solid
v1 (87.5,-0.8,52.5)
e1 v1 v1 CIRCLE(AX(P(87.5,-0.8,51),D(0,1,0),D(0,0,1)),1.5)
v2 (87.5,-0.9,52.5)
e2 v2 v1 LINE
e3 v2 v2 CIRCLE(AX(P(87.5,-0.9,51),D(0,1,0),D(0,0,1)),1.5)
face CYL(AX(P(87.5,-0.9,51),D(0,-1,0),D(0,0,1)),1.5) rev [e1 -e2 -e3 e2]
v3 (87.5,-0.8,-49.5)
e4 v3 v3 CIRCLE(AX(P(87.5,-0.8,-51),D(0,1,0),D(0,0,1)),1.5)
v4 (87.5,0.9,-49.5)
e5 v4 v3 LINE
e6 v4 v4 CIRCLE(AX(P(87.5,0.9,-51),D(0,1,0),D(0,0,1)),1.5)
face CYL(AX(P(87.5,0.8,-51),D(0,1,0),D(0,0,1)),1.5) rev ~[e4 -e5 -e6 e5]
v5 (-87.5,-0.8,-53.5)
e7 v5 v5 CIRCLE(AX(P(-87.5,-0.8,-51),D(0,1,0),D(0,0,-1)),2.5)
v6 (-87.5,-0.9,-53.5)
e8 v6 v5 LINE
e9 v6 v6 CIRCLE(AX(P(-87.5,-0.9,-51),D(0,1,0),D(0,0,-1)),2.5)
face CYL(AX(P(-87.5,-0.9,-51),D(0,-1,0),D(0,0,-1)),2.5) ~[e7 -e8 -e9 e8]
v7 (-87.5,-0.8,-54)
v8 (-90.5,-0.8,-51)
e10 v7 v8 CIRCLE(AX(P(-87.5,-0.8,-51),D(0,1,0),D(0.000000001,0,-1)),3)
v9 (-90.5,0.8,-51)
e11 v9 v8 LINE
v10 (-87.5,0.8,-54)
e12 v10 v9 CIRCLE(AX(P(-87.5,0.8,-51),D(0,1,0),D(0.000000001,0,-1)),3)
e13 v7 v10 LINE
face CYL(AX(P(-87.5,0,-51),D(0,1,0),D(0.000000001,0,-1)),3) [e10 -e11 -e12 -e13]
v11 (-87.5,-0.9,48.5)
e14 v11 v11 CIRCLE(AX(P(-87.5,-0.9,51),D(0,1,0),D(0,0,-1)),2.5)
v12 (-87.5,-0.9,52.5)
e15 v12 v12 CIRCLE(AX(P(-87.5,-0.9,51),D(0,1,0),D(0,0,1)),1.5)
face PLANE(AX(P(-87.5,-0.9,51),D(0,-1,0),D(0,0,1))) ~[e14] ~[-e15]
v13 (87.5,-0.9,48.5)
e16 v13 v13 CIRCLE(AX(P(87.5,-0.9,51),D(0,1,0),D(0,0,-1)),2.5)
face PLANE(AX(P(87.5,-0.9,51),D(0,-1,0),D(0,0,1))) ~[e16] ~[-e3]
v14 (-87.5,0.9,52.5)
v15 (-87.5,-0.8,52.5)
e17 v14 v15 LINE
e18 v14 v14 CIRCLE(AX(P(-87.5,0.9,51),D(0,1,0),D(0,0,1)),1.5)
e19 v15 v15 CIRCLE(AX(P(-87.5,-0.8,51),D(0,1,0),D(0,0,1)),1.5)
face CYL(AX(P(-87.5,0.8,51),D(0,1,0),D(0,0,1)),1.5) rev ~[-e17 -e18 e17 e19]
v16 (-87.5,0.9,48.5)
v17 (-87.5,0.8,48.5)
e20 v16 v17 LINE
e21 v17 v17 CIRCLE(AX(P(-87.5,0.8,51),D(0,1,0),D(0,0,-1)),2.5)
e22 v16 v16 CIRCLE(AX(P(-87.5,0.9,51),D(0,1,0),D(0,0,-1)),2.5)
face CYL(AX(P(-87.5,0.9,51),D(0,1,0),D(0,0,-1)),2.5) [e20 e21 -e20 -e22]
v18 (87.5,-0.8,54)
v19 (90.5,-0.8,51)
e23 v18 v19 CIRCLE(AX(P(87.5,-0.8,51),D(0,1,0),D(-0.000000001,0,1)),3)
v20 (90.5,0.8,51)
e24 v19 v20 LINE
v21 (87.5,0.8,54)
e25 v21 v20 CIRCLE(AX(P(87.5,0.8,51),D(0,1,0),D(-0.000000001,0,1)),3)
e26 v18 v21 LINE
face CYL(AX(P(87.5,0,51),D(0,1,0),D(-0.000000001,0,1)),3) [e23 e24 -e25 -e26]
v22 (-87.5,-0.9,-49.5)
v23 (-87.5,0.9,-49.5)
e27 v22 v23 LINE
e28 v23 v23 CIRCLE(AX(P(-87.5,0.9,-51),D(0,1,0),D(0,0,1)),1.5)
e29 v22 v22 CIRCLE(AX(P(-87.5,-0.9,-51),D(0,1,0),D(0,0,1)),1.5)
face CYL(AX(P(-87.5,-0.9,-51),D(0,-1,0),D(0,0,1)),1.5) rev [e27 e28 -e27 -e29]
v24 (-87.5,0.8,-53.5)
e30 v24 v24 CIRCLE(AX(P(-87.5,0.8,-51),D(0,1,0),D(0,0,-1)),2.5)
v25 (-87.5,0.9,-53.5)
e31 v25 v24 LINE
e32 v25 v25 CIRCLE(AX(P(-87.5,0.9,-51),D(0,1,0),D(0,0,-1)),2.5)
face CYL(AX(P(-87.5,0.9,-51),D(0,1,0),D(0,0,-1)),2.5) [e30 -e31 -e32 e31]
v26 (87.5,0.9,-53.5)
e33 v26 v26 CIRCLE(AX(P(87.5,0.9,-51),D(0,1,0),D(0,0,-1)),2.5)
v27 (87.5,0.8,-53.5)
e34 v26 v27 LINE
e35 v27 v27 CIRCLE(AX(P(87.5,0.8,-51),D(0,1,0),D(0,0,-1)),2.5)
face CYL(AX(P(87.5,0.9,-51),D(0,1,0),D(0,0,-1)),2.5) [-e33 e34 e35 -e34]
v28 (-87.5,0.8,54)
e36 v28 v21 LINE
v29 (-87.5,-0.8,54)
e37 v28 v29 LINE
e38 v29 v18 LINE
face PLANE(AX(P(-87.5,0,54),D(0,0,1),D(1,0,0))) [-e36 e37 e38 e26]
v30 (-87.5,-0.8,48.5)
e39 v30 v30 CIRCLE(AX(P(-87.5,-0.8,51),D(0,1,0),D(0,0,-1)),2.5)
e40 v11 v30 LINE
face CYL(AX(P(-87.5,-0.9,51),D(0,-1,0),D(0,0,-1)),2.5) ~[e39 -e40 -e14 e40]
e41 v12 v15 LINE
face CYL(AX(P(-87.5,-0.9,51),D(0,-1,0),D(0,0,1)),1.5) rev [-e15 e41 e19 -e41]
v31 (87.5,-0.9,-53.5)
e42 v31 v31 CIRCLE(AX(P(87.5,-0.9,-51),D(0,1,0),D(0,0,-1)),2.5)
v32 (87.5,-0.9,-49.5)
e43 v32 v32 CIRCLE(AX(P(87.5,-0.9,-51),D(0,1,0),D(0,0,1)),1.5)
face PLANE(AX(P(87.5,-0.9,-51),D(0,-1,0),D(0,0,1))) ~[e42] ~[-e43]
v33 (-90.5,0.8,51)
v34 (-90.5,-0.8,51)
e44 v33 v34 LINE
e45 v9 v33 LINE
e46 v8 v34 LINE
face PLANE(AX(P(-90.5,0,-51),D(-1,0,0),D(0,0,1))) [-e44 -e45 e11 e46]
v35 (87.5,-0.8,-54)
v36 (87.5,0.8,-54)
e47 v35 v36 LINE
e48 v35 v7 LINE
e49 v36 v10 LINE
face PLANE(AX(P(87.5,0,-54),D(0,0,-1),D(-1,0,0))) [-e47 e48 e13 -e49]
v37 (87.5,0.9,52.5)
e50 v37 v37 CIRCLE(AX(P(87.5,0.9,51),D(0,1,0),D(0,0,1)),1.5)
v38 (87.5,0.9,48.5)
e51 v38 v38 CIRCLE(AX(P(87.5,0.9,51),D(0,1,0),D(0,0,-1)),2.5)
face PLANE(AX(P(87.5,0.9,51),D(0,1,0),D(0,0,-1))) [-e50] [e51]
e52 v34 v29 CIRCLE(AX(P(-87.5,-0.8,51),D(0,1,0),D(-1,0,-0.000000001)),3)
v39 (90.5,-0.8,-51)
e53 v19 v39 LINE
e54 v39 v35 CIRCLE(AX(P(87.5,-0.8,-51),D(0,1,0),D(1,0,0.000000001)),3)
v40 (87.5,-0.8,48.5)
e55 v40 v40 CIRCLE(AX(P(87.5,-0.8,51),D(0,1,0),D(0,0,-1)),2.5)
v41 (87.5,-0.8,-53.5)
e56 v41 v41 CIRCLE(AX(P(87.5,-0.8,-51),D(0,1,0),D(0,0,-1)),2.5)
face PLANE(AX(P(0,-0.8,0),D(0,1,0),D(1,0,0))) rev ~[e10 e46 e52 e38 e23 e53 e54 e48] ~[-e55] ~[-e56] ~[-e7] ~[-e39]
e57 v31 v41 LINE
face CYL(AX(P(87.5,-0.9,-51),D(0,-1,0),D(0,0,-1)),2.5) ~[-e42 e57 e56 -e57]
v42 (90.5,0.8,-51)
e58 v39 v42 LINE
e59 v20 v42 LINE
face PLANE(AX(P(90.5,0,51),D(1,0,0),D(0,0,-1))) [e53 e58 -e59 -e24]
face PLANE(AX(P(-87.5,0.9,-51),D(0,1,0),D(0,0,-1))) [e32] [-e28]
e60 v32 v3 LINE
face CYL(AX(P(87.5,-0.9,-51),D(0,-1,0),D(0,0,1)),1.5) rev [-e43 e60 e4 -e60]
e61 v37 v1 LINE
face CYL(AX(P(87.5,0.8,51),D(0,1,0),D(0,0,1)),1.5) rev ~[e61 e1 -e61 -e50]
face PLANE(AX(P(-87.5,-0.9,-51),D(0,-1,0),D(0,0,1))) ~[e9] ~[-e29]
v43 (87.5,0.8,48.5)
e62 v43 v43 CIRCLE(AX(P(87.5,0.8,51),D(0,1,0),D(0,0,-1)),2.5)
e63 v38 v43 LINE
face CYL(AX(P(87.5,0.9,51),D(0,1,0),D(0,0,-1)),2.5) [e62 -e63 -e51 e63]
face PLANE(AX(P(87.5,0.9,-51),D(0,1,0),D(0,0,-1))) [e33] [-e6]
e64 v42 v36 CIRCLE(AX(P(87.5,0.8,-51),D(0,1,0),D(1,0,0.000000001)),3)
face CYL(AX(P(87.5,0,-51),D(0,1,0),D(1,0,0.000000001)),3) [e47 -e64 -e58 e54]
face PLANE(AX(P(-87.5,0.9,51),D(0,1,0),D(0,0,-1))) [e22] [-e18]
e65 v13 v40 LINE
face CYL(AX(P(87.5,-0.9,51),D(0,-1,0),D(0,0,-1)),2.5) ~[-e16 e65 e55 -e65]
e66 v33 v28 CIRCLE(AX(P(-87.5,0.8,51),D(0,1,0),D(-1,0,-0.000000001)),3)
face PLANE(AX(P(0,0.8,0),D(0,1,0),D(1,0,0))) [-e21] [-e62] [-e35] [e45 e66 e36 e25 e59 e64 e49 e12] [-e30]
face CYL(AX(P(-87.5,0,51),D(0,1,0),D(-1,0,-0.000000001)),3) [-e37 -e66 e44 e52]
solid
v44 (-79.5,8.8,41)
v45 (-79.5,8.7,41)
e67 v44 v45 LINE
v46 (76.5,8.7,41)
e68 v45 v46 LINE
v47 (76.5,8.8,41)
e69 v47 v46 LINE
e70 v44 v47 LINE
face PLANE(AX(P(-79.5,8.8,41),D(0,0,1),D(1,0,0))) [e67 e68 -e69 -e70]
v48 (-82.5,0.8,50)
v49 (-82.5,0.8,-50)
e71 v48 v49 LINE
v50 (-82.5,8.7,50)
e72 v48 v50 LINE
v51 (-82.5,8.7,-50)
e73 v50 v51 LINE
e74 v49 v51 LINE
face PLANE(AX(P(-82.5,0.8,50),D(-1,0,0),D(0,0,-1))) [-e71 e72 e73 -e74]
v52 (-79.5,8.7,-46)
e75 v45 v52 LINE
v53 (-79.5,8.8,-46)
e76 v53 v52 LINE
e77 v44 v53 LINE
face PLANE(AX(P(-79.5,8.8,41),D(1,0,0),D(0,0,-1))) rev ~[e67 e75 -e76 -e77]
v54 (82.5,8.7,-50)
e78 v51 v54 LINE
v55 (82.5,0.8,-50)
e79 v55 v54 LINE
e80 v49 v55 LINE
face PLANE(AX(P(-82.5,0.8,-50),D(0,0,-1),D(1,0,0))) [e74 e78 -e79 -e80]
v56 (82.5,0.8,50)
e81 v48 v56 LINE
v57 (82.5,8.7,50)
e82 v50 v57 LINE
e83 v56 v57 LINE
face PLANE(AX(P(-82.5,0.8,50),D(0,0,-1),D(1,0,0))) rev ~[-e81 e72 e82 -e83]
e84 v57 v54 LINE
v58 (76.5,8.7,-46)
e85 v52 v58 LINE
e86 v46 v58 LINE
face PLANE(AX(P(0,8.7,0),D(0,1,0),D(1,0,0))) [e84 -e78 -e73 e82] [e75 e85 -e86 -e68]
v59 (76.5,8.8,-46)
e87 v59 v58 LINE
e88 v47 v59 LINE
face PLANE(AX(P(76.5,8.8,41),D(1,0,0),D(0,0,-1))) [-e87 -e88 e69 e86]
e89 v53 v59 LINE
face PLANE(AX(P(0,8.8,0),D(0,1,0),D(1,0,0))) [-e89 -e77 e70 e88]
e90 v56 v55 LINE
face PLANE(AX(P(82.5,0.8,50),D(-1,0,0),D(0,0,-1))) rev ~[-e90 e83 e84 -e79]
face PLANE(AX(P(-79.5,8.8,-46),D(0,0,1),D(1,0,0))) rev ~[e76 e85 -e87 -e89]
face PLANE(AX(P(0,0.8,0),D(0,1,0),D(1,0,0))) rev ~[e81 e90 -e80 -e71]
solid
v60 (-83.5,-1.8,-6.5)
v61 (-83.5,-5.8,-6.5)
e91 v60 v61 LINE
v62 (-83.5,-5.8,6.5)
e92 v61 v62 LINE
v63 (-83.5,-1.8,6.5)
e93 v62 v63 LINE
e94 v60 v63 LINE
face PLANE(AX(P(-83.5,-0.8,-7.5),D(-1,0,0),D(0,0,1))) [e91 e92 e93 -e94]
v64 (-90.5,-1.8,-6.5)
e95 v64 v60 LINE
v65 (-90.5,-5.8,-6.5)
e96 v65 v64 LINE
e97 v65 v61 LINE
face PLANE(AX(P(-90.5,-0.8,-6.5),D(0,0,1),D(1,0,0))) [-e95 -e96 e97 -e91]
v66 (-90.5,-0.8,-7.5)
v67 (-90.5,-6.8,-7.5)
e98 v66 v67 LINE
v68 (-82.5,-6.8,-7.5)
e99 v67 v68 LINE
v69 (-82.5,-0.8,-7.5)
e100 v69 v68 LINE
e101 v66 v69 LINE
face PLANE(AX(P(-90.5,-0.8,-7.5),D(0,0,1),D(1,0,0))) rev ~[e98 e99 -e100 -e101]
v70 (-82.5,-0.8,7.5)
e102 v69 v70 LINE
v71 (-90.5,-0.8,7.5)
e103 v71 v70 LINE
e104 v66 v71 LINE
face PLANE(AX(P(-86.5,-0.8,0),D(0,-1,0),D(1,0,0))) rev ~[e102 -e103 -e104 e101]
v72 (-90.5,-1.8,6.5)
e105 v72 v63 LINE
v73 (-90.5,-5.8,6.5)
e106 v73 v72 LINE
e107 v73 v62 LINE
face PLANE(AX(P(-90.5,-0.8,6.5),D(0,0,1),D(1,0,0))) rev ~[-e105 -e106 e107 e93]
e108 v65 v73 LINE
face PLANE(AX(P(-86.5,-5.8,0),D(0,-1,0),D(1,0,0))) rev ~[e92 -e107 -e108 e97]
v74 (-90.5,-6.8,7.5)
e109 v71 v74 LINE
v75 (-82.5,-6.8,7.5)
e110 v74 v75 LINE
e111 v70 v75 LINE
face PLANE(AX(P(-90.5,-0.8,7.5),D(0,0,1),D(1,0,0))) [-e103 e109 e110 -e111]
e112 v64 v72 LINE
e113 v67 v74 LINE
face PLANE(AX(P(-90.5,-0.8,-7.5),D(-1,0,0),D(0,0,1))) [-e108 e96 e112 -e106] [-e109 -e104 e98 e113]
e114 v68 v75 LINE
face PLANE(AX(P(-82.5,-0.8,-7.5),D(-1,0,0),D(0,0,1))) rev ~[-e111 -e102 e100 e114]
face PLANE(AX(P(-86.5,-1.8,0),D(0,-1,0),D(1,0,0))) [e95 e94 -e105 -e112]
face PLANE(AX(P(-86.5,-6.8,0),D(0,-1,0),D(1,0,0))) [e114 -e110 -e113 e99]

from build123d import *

# Parameters (mm, degrees)
BOSS_EXTRUDE1_DEPTH = 0.8
SKETCH2_R           = 1.5
CUT_EXTRUDE1_DEPTH  = 106.398339645
BOSS_EXTRUDE2_START = 0.1
SKETCH3_R           = 2.5
SKETCH3_R_2         = 1.5
BOSS_EXTRUDE2_DEPTH = 0.1
SKETCH4_W           = 165
SKETCH4_H           = 100
BOSS_EXTRUDE3_DEPTH = 8
SKETCH5_OUTSIDE_W   = 225.2
SKETCH5_OUTSIDE_H   = 152.2
SKETCH5_OUTSIDE_W_2 = 156
SKETCH5_OUTSIDE_H_2 = 87
CUT_EXTRUDE2_DEPTH  = 0.1
SKETCH6_W           = 8
SKETCH6_H           = 15
BOSS_EXTRUDE4_DEPTH = 6
SHELL1_T            = -1


with BuildPart() as part:
    # Sketch1 → Boss-Extrude1 (new, symmetric)
    with BuildSketch(Plane(origin=(0, 0, 0), x_dir=(1, 0, 0), z_dir=(0, 1, 0))):
        with BuildLine():
            Line((-87.5, -54), (87.5, -54))
            ThreePointArc((87.5, -54), (89.621320344, -53.121320344), (90.5, -51))
            Line((90.5, -51), (90.5, 51))
            ThreePointArc((90.5, 51), (89.621320344, 53.121320344), (87.5, 54))
            Line((87.5, 54), (-87.5, 54))
            ThreePointArc((-87.5, 54), (-89.621320344, 53.121320344), (-90.5, 51))
            Line((-90.5, 51), (-90.5, -51))
            ThreePointArc((-90.5, -51), (-89.621320344, -53.121320344), (-87.5, -54))
        make_face()
    extrude(amount=BOSS_EXTRUDE1_DEPTH, both=True)

    # Sketch2 → Cut-Extrude1 (cut, through all)
    with BuildSketch(Plane(origin=(0, 0.8, 0), x_dir=(1, 0, 0), z_dir=(0, 1, 0))):
        with Locations(Location((-87.5, 51, 0), (0, 0, 270))):
            Circle(SKETCH2_R)
        with Locations(Location((-87.5, -51, 0), (0, 0, 270))):
            Circle(SKETCH2_R)
        with Locations(Location((87.5, -51, 0), (0, 0, 270))):
            Circle(SKETCH2_R)
        with Locations(Location((87.5, 51, 0), (0, 0, 270))):
            Circle(SKETCH2_R)
    extrude(amount=-CUT_EXTRUDE1_DEPTH, mode=Mode.SUBTRACT)

    # Sketch3 → Boss-Extrude2 (add)
    # profile 1 of 4: a face of its own
    with BuildSketch(Plane(origin=(0, 0.8, 0), x_dir=(1, 0, 0), z_dir=(0, 1, 0)).offset(BOSS_EXTRUDE2_START)):
        with Locations(Location((-87.5, 51, 0), (0, 0, 90))):
            Circle(SKETCH3_R)
        with Locations(Location((-87.5, 51, 0), (0, 0, 270))):
            Circle(SKETCH3_R_2, mode=Mode.SUBTRACT)
    # profile 2 of 4: a face of its own
    with BuildSketch(Plane(origin=(0, 0.8, 0), x_dir=(1, 0, 0), z_dir=(0, 1, 0)).offset(BOSS_EXTRUDE2_START)):
        with Locations(Location((87.5, 51, 0), (0, 0, 90))):
            Circle(SKETCH3_R)
        with Locations(Location((87.5, 51, 0), (0, 0, 270))):
            Circle(SKETCH3_R_2, mode=Mode.SUBTRACT)
    # profile 3 of 4: a face of its own
    with BuildSketch(Plane(origin=(0, 0.8, 0), x_dir=(1, 0, 0), z_dir=(0, 1, 0)).offset(BOSS_EXTRUDE2_START)):
        with Locations(Location((87.5, -51, 0), (0, 0, 90))):
            Circle(SKETCH3_R)
        with Locations(Location((87.5, -51, 0), (0, 0, 270))):
            Circle(SKETCH3_R_2, mode=Mode.SUBTRACT)
    # profile 4 of 4: a face of its own
    with BuildSketch(Plane(origin=(0, 0.8, 0), x_dir=(1, 0, 0), z_dir=(0, 1, 0)).offset(BOSS_EXTRUDE2_START)):
        with Locations(Location((-87.5, -51, 0), (0, 0, 90))):
            Circle(SKETCH3_R)
        with Locations(Location((-87.5, -51, 0), (0, 0, 270))):
            Circle(SKETCH3_R_2, mode=Mode.SUBTRACT)
    boss_extrude2 = extrude(amount=-BOSS_EXTRUDE2_DEPTH)

    # Mirror1: Boss-Extrude2 across plane
    add(boss_extrude2.mirror(Plane.ZX))


with BuildPart() as body_2:
    # Sketch4 → Boss-Extrude3 (new body)
    with BuildSketch(Plane(origin=(0, 0.8, 0), x_dir=(1, 0, 0), z_dir=(0, 1, 0))):
        Rectangle(SKETCH4_W, SKETCH4_H)
    extrude(amount=BOSS_EXTRUDE3_DEPTH)

    # Sketch5 outside → Cut-Extrude2 (cut)
    with BuildSketch(Plane(origin=(0, 8.8, 0), x_dir=(1, 0, 0), z_dir=(0, 1, 0))):
        Rectangle(SKETCH5_OUTSIDE_W, SKETCH5_OUTSIDE_H)
        with Locations((-1.5, 2.5)):
            Rectangle(SKETCH5_OUTSIDE_W_2, SKETCH5_OUTSIDE_H_2, mode=Mode.SUBTRACT)
    extrude(amount=-CUT_EXTRUDE2_DEPTH, mode=Mode.SUBTRACT)


with BuildPart() as body_3:
    # Sketch6 → Boss-Extrude4 (new body)
    with BuildSketch(Plane.XZ.offset(0.8)):
        with Locations((-86.5, 0)):
            Rectangle(SKETCH6_W, SKETCH6_H)
    extrude(amount=BOSS_EXTRUDE4_DEPTH)

    # Shell1
    shell1_openings = [body_3.faces().sort_by_distance(p)[0] for p in [
        (-90.5, -3.8, 0),
    ]]
    offset(amount=SHELL1_T, openings=shell1_openings, kind=Kind.INTERSECTION)


solid = Compound([part.part, body_2.part, body_3.part])
